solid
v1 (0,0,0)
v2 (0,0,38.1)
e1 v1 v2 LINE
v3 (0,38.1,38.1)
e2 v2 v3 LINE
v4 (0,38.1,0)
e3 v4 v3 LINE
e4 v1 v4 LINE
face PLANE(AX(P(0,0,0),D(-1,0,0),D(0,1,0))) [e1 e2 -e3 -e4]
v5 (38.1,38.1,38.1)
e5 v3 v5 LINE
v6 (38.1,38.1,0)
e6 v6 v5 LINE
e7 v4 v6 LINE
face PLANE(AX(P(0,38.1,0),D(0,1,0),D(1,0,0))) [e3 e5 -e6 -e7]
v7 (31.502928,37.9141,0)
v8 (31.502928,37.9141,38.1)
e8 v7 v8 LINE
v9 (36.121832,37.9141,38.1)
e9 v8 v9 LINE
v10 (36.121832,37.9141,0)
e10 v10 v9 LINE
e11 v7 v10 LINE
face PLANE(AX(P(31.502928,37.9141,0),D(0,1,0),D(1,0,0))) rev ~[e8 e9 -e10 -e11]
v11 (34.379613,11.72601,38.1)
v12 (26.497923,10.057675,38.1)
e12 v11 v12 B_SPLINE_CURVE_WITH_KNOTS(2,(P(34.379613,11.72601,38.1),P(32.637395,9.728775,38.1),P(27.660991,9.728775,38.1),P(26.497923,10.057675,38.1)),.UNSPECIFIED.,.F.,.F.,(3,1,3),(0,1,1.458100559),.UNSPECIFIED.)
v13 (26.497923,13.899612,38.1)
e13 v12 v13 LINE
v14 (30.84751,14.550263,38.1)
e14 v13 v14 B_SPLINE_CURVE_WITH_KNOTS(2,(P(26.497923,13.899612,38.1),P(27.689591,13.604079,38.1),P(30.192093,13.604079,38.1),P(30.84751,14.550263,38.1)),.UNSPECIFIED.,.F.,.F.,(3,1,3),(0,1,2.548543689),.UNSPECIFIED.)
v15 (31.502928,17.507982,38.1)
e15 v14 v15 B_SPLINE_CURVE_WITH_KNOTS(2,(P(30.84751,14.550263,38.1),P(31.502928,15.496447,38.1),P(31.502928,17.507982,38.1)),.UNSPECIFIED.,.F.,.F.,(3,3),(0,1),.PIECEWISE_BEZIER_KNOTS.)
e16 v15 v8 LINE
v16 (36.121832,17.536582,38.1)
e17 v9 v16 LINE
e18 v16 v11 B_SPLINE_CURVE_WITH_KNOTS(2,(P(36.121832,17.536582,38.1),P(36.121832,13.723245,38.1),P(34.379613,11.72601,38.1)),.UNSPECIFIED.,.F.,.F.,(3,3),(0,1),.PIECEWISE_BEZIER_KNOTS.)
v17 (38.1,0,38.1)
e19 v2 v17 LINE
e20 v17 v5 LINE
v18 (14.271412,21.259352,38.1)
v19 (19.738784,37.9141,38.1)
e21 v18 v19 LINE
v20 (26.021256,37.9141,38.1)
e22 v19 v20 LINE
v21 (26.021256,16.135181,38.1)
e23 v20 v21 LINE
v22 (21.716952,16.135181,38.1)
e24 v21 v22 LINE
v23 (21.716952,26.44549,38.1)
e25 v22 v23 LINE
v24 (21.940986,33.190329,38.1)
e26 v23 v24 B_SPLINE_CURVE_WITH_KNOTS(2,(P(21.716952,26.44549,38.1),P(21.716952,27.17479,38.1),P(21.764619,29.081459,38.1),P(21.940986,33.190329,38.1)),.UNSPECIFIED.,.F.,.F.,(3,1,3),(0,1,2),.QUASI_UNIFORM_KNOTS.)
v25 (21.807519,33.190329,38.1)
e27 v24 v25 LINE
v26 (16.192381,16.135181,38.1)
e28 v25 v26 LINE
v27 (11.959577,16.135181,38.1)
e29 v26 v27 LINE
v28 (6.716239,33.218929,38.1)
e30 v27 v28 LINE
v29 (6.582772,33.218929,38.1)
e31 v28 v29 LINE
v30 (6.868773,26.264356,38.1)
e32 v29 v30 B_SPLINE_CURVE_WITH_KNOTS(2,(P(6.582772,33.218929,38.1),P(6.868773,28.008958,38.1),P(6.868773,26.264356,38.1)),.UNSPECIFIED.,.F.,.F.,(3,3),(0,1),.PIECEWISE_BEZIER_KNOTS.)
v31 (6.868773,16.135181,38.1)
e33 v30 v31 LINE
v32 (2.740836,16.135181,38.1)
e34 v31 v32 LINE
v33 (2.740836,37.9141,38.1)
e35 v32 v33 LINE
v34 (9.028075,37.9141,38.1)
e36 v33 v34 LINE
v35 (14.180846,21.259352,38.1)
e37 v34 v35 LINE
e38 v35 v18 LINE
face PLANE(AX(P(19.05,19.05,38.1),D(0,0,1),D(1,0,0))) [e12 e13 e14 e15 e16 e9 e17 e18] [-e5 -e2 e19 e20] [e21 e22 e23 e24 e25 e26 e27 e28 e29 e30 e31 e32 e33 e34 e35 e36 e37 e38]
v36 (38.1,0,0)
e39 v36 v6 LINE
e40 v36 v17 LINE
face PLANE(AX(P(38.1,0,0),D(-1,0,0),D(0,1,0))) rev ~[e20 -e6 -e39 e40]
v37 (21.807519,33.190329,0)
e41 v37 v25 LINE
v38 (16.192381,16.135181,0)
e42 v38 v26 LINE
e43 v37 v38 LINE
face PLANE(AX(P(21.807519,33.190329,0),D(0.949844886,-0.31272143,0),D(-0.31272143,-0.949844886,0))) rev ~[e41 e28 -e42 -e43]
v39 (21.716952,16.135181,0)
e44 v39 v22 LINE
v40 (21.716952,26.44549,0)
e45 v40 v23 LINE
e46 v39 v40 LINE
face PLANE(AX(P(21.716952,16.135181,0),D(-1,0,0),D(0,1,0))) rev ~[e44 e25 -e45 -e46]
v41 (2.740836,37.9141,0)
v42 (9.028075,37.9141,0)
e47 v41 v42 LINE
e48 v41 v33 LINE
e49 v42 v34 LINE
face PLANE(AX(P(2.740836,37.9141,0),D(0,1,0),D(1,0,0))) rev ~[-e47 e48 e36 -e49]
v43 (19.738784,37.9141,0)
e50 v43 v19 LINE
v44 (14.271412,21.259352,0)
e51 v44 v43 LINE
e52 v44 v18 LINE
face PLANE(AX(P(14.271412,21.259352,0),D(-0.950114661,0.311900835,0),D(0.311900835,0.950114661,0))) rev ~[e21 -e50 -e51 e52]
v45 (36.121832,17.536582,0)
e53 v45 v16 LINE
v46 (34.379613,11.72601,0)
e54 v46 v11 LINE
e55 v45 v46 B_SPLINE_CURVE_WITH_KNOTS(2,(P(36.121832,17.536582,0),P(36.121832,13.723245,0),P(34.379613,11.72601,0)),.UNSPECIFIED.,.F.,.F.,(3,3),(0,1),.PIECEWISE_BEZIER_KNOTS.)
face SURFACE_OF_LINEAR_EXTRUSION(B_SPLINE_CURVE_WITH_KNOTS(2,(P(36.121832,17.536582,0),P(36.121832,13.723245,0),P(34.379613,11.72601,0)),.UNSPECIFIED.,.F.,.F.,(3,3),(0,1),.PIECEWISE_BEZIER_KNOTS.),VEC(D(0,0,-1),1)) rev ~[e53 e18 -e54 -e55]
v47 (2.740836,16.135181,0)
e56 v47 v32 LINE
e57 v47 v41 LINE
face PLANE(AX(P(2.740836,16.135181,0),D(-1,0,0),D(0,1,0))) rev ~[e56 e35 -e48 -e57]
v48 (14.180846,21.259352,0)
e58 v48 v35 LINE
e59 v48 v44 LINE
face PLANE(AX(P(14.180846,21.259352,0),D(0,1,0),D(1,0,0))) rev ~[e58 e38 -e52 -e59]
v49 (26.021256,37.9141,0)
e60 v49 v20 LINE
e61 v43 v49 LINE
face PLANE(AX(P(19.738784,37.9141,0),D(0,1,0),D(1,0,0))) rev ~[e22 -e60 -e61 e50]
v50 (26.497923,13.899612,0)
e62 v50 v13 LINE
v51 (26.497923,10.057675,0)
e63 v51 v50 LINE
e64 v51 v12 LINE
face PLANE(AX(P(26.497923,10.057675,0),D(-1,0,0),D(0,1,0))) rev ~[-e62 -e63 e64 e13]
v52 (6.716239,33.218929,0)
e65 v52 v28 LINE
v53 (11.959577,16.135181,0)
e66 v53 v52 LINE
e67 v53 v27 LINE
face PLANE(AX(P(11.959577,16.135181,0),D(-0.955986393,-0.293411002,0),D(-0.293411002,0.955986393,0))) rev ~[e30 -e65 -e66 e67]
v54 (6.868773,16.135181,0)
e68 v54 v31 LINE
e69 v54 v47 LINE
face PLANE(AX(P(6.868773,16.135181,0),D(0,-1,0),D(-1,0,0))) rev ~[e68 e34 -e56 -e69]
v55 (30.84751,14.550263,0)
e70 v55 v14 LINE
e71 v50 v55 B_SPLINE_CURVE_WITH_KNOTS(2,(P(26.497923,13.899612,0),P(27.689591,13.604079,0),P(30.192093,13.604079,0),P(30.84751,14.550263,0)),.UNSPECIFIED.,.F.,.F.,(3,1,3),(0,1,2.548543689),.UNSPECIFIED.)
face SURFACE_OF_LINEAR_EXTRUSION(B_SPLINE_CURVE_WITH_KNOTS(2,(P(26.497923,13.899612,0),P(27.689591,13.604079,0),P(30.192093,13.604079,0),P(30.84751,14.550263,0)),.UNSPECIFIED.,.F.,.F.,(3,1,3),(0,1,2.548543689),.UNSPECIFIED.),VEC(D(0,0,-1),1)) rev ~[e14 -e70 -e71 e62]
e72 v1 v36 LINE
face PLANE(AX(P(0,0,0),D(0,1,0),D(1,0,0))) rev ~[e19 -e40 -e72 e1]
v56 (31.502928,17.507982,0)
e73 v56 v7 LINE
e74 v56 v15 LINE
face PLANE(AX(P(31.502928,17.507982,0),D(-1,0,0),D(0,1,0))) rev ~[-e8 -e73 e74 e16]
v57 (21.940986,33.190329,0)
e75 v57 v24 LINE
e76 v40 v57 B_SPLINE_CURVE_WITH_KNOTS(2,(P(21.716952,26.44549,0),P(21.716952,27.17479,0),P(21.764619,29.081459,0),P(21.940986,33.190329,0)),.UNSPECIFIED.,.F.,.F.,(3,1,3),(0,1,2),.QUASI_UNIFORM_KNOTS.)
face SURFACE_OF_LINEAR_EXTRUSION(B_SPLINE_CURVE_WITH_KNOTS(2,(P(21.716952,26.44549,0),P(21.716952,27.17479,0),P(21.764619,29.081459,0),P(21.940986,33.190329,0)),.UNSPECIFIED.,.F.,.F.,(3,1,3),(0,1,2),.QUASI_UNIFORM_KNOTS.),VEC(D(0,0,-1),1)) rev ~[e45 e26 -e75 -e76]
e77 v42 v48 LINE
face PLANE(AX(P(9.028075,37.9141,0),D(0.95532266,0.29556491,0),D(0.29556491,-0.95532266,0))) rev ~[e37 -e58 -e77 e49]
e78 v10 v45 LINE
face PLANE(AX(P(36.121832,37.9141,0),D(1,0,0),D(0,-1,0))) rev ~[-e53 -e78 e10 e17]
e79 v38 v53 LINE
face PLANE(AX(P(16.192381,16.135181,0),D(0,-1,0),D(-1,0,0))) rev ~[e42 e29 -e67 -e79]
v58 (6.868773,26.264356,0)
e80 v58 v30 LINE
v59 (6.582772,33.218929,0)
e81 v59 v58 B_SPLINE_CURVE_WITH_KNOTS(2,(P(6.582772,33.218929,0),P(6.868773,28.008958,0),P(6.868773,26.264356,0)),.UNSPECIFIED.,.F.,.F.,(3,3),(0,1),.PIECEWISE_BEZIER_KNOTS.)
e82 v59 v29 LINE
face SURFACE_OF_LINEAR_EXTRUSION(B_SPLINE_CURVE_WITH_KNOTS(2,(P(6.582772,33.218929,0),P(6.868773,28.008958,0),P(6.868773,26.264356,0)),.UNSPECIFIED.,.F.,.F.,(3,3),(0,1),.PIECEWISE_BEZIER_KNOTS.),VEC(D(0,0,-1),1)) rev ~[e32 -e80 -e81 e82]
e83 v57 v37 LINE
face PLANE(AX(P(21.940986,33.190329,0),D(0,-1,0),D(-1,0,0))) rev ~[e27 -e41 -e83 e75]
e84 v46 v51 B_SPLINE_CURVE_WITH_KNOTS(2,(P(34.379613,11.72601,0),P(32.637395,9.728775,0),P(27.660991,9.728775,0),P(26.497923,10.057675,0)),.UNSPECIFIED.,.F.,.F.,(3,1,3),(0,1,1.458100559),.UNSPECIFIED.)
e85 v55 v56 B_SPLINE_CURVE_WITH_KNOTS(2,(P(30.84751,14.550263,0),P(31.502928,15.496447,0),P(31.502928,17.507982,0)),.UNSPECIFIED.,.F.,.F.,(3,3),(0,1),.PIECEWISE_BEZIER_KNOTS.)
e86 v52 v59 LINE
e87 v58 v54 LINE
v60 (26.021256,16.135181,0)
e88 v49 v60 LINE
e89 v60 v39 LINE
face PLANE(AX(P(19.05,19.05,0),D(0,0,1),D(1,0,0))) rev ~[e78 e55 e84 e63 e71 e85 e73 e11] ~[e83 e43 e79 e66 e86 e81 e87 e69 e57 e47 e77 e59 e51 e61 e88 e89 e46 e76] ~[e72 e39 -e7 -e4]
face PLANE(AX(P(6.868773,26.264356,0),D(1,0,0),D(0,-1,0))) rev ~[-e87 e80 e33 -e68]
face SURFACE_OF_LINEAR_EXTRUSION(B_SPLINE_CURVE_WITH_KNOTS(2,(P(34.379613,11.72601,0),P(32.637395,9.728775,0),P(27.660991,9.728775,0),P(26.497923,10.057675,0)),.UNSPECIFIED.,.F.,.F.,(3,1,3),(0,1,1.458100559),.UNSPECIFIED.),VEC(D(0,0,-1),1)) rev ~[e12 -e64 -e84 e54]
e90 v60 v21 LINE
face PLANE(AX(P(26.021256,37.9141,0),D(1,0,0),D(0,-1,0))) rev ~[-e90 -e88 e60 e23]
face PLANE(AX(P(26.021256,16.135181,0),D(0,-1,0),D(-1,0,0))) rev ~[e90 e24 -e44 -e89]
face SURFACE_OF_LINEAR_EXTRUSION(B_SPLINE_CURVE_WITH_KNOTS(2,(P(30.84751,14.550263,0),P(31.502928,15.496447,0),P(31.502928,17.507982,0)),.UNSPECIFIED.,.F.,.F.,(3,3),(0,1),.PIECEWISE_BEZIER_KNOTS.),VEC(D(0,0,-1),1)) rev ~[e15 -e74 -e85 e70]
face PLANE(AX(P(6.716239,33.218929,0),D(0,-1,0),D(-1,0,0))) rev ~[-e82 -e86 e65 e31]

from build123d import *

# Parameters (mm, degrees)
F0_W     = 38.1
F0_H     = 38.1
F1_DEPTH = 38.1


with BuildPart() as f1:
    # F0 (on Top) → F1 (new body)
    with BuildSketch(Plane.XY):
        with Locations((19.05, 19.05)):
            Rectangle(F0_W, F0_H)
        with BuildLine():
            Line((16.1923808332, 16.1351807832), (11.95957713, 16.1351807832))
            Line((11.95957713, 16.1351807832), (6.7162392093, 33.2189290629))
            Line((6.7162392093, 33.2189290629), (6.5827724259, 33.2189290629))
            add(Edge.make_bspline(
                [(6.5827724259, 33.2189290629), (6.8687726761, 28.0089578381), (6.8687726761, 26.2643563118)],
                knots=[0, 0, 0, 1, 1, 1], degree=2))
            Line((6.8687726761, 26.2643563118), (6.8687726761, 16.1351807832))
            Line((6.8687726761, 16.1351807832), (2.7408357313, 16.1351807832))
            Line((2.7408357313, 16.1351807832), (2.7408357313, 37.9140998374))
            Line((2.7408357313, 37.9140998374), (9.0280745652, 37.9140998374))
            Line((9.0280745652, 37.9140998374), (14.18084574, 21.2593519329))
            Line((14.18084574, 21.2593519329), (14.2714124859, 21.2593519329))
            Line((14.2714124859, 21.2593519329), (19.7387839359, 37.9140998374))
            Line((19.7387839359, 37.9140998374), (26.0212560991, 37.9140998374))
            Line((26.0212560991, 37.9140998374), (26.0212560991, 16.1351807832))
            Line((26.0212560991, 16.1351807832), (21.7169523333, 16.1351807832))
            Line((21.7169523333, 16.1351807832), (21.7169523333, 26.4454898036))
            add(Edge.make_bspline(
                [(21.7169523333, 26.4454898036), (21.7169523333, 27.1747904416), (21.7407856875, 28.128124609)],
                knots=[0, 0, 0, 1, 1, 1], degree=2))
            add(Edge.make_bspline(
                [(21.7407856875, 28.128124609), (21.7646190417, 29.0814587764), (21.9409858626, 33.1903290379)],
                knots=[0, 0, 0, 1, 1, 1], degree=2))
            Line((21.9409858626, 33.1903290379), (21.8075190792, 33.1903290379))
            Line((21.8075190792, 33.1903290379), (16.1923808332, 16.1351807832))
        make_face(mode=Mode.SUBTRACT)
        with BuildLine():
            add(Edge.make_bspline(
                [(34.3796134117, 11.726010259), (32.6373952208, 9.7287751783), (29.2244589015, 9.7287751783)],
                knots=[0, 0, 0, 1, 1, 1], degree=2))
            add(Edge.make_bspline(
                [(29.2244589015, 9.7287751783), (27.660990867, 9.7287751783), (26.4979231828, 10.057675466)],
                knots=[0, 0, 0, 1, 1, 1], degree=2))
            Line((26.4979231828, 10.057675466), (26.4979231828, 13.8996121606))
            add(Edge.make_bspline(
                [(26.4979231828, 13.8996121606), (27.689590892, 13.6040785687), (28.6715250844, 13.6040785687)],
                knots=[0, 0, 0, 1, 1, 1], degree=2))
            add(Edge.make_bspline(
                [(28.6715250844, 13.6040785687), (30.1920930814, 13.6040785687), (30.8475103215, 14.5502627299)],
                knots=[0, 0, 0, 1, 1, 1], degree=2))
            add(Edge.make_bspline(
                [(30.8475103215, 14.5502627299), (31.5029275616, 15.496446891), (31.5029275616, 17.5079819842)],
                knots=[0, 0, 0, 1, 1, 1], degree=2))
            Line((31.5029275616, 17.5079819842), (31.5029275616, 37.9140998374))
            Line((31.5029275616, 37.9140998374), (36.1218316027, 37.9140998374))
            Line((36.1218316027, 37.9140998374), (36.1218316027, 17.5365820093))
            add(Edge.make_bspline(
                [(36.1218316027, 17.5365820093), (36.1218316027, 13.7232453397), (34.3796134117, 11.726010259)],
                knots=[0, 0, 0, 1, 1, 1], degree=2))
        make_face(mode=Mode.SUBTRACT)
    extrude(amount=F1_DEPTH)


solid = f1.part
